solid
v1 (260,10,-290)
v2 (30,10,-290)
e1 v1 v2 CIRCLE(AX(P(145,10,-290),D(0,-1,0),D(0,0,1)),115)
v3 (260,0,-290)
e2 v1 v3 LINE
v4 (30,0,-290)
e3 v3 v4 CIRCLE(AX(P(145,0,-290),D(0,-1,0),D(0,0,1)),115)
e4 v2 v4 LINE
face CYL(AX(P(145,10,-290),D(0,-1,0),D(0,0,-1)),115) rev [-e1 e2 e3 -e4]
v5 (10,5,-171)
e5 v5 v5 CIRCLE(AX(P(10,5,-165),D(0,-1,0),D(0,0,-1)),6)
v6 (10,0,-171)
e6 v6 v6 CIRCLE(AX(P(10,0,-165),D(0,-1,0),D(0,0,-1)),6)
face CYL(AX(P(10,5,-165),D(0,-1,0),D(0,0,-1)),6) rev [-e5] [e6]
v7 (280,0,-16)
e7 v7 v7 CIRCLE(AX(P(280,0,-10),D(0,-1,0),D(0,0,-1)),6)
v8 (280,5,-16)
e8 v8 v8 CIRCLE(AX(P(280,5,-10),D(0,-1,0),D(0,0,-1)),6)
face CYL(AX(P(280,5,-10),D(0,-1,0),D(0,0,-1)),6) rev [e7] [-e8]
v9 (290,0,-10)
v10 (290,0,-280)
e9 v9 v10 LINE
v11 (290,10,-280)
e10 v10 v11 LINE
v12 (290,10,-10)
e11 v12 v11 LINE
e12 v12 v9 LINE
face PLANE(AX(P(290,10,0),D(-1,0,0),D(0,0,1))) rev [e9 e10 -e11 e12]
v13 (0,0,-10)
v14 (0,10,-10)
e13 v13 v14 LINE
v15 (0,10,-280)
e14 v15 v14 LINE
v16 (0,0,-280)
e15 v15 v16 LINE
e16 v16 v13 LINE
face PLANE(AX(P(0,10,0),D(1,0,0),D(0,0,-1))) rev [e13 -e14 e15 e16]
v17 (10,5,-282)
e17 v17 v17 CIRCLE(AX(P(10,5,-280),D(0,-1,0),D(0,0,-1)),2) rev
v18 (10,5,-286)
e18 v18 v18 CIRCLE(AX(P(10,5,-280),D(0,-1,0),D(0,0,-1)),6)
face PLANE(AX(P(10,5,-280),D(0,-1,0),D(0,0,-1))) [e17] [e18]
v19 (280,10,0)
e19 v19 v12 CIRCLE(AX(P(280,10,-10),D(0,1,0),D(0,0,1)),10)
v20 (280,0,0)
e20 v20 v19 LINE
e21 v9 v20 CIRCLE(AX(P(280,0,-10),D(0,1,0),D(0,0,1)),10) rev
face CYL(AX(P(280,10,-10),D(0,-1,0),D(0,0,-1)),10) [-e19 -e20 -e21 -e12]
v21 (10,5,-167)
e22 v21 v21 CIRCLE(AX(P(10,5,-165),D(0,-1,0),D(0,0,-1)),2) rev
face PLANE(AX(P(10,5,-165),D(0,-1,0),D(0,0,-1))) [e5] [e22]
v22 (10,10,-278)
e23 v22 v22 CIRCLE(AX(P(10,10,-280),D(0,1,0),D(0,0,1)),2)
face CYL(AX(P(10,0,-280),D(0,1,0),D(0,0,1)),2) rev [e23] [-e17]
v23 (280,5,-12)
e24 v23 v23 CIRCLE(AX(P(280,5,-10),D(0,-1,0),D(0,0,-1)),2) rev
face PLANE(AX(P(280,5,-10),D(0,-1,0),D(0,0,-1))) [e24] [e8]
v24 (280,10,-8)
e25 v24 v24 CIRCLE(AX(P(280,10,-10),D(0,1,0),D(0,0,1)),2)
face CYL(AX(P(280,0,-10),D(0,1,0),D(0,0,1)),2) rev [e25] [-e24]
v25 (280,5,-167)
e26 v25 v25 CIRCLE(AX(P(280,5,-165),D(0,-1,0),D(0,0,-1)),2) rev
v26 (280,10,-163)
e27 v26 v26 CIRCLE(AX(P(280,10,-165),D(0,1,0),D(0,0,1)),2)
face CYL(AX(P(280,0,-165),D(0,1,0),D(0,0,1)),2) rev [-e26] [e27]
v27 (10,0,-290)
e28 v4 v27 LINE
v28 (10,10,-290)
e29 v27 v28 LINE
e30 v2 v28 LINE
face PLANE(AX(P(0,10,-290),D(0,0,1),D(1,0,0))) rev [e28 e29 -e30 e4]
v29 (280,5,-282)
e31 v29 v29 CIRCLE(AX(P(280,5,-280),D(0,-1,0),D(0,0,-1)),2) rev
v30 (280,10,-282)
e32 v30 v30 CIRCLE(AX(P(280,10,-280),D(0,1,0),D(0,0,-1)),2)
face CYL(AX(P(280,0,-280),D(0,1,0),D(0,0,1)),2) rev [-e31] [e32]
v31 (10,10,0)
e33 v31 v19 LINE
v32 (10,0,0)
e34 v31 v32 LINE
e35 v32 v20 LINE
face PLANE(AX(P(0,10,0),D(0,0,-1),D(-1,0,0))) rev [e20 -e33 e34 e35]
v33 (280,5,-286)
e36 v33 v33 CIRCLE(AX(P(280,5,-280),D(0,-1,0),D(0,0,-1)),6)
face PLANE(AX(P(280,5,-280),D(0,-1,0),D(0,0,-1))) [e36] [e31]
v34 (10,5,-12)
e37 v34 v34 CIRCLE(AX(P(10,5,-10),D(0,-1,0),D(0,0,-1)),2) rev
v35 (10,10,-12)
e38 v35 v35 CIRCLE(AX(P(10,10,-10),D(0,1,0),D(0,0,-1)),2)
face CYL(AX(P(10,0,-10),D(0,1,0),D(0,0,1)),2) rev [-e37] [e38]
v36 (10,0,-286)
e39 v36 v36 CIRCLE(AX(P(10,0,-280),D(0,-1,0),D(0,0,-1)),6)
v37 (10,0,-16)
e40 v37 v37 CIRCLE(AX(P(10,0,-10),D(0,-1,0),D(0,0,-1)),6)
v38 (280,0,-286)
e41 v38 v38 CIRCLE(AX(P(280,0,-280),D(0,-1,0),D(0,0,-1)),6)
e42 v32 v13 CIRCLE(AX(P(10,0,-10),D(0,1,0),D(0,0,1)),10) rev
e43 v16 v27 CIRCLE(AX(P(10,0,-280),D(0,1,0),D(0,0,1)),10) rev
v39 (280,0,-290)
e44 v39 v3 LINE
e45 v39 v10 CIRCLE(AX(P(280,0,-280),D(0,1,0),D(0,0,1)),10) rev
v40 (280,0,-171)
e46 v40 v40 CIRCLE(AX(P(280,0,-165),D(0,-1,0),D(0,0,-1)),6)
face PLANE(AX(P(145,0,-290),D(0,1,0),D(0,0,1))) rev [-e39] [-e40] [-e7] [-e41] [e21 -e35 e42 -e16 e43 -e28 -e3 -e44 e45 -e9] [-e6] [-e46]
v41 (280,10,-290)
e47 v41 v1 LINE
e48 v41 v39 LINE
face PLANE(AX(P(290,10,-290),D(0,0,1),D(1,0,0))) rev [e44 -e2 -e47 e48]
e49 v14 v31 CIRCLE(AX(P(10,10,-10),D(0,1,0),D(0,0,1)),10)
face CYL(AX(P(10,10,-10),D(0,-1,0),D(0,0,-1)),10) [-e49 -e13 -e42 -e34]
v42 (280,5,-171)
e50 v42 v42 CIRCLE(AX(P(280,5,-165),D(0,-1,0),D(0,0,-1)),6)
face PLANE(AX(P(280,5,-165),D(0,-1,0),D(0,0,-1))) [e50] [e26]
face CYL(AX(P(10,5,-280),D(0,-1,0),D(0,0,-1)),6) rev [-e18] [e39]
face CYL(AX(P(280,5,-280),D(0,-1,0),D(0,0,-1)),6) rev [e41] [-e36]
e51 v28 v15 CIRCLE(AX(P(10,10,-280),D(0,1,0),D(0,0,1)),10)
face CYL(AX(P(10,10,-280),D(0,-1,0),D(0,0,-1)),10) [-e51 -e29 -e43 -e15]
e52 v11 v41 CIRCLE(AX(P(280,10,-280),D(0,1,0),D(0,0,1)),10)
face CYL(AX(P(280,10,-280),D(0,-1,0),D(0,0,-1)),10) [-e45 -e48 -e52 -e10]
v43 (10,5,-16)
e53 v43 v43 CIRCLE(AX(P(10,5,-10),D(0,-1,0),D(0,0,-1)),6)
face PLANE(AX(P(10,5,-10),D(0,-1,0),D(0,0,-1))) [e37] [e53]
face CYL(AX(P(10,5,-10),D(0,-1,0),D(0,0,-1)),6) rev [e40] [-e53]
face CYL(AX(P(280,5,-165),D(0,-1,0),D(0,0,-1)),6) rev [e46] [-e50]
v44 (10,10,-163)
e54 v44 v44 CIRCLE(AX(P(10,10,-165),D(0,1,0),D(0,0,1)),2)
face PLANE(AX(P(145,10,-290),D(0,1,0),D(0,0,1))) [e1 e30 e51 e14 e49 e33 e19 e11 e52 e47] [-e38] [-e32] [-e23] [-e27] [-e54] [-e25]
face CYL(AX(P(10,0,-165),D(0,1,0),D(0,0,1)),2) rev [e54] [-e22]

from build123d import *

# Parameters (mm, degrees)
BOSS_EXTRU_1_DEPTH      = 10
ESQUISSE3_R             = 2
ENL_V_MAT_EXTRU_1_DEPTH = 10
CONG_1_R                = 10
ESQUISSE4_R             = 2
ENL_V_MAT_EXTRU_2_DEPTH = 10
ESQUISSE6_R             = 6
ENL_V_MAT_EXTRU_4_DEPTH = 5


with BuildPart() as part:
    # Esquisse2 → Boss.-Extru.1 (new body)
    with BuildSketch(Plane(origin=(0, 0, 0), x_dir=(1, 0, 0), z_dir=(0, 1, 0))):
        with BuildLine():
            Line((0, 0), (290, 0))
            Line((290, 0), (290, 290))
            Line((290, 290), (260, 290))
            ThreePointArc((260, 290), (145, 175), (30, 290))
            Line((30, 290), (0, 290))
            Line((0, 290), (0, 0))
        make_face()
    extrude(amount=BOSS_EXTRU_1_DEPTH)

    # Esquisse3 → Enlèv. mat.-Extru.1 (cut)
    with BuildSketch(Plane(origin=(0, 10, 0), x_dir=(1, 0, 0), z_dir=(0, 1, 0))):
        with Locations((10, 280)):
            Circle(ESQUISSE3_R)
        with Locations((280, 280)):
            Circle(ESQUISSE3_R)
        with Locations((280, 10)):
            Circle(ESQUISSE3_R)
        with Locations((10, 10)):
            Circle(ESQUISSE3_R)
    extrude(amount=-ENL_V_MAT_EXTRU_1_DEPTH, mode=Mode.SUBTRACT)

    # Congé1
    cong_1_edges = [part.edges().sort_by_distance(p)[0] for p in [
        (0, 5, -290),
        (290, 5, -290),
        (290, 5, 0),
        (0, 5, 0),
    ]]
    fillet(cong_1_edges, radius=CONG_1_R)

    # Esquisse4 → Enlèv. mat.-Extru.2 (cut)
    with BuildSketch(Plane(origin=(0, 10, 0), x_dir=(1, 0, 0), z_dir=(0, 1, 0))):
        with Locations((10, 165)):
            Circle(ESQUISSE4_R)
        with Locations((280, 165)):
            Circle(ESQUISSE4_R)
    extrude(amount=-ENL_V_MAT_EXTRU_2_DEPTH, mode=Mode.SUBTRACT)

    # Esquisse6 → Enlèv. mat.-Extru.4 (cut)
    with BuildSketch(Plane.XZ):
        with Locations((10, -10)):
            Circle(ESQUISSE6_R)
        with Locations((280, -10)):
            Circle(ESQUISSE6_R)
        with Locations((280, -165)):
            Circle(ESQUISSE6_R)
        with Locations((280, -280)):
            Circle(ESQUISSE6_R)
        with Locations((10, -280)):
            Circle(ESQUISSE6_R)
        with Locations((10, -165)):
            Circle(ESQUISSE6_R)
    extrude(amount=-ENL_V_MAT_EXTRU_4_DEPTH, mode=Mode.SUBTRACT)


solid = part.part
